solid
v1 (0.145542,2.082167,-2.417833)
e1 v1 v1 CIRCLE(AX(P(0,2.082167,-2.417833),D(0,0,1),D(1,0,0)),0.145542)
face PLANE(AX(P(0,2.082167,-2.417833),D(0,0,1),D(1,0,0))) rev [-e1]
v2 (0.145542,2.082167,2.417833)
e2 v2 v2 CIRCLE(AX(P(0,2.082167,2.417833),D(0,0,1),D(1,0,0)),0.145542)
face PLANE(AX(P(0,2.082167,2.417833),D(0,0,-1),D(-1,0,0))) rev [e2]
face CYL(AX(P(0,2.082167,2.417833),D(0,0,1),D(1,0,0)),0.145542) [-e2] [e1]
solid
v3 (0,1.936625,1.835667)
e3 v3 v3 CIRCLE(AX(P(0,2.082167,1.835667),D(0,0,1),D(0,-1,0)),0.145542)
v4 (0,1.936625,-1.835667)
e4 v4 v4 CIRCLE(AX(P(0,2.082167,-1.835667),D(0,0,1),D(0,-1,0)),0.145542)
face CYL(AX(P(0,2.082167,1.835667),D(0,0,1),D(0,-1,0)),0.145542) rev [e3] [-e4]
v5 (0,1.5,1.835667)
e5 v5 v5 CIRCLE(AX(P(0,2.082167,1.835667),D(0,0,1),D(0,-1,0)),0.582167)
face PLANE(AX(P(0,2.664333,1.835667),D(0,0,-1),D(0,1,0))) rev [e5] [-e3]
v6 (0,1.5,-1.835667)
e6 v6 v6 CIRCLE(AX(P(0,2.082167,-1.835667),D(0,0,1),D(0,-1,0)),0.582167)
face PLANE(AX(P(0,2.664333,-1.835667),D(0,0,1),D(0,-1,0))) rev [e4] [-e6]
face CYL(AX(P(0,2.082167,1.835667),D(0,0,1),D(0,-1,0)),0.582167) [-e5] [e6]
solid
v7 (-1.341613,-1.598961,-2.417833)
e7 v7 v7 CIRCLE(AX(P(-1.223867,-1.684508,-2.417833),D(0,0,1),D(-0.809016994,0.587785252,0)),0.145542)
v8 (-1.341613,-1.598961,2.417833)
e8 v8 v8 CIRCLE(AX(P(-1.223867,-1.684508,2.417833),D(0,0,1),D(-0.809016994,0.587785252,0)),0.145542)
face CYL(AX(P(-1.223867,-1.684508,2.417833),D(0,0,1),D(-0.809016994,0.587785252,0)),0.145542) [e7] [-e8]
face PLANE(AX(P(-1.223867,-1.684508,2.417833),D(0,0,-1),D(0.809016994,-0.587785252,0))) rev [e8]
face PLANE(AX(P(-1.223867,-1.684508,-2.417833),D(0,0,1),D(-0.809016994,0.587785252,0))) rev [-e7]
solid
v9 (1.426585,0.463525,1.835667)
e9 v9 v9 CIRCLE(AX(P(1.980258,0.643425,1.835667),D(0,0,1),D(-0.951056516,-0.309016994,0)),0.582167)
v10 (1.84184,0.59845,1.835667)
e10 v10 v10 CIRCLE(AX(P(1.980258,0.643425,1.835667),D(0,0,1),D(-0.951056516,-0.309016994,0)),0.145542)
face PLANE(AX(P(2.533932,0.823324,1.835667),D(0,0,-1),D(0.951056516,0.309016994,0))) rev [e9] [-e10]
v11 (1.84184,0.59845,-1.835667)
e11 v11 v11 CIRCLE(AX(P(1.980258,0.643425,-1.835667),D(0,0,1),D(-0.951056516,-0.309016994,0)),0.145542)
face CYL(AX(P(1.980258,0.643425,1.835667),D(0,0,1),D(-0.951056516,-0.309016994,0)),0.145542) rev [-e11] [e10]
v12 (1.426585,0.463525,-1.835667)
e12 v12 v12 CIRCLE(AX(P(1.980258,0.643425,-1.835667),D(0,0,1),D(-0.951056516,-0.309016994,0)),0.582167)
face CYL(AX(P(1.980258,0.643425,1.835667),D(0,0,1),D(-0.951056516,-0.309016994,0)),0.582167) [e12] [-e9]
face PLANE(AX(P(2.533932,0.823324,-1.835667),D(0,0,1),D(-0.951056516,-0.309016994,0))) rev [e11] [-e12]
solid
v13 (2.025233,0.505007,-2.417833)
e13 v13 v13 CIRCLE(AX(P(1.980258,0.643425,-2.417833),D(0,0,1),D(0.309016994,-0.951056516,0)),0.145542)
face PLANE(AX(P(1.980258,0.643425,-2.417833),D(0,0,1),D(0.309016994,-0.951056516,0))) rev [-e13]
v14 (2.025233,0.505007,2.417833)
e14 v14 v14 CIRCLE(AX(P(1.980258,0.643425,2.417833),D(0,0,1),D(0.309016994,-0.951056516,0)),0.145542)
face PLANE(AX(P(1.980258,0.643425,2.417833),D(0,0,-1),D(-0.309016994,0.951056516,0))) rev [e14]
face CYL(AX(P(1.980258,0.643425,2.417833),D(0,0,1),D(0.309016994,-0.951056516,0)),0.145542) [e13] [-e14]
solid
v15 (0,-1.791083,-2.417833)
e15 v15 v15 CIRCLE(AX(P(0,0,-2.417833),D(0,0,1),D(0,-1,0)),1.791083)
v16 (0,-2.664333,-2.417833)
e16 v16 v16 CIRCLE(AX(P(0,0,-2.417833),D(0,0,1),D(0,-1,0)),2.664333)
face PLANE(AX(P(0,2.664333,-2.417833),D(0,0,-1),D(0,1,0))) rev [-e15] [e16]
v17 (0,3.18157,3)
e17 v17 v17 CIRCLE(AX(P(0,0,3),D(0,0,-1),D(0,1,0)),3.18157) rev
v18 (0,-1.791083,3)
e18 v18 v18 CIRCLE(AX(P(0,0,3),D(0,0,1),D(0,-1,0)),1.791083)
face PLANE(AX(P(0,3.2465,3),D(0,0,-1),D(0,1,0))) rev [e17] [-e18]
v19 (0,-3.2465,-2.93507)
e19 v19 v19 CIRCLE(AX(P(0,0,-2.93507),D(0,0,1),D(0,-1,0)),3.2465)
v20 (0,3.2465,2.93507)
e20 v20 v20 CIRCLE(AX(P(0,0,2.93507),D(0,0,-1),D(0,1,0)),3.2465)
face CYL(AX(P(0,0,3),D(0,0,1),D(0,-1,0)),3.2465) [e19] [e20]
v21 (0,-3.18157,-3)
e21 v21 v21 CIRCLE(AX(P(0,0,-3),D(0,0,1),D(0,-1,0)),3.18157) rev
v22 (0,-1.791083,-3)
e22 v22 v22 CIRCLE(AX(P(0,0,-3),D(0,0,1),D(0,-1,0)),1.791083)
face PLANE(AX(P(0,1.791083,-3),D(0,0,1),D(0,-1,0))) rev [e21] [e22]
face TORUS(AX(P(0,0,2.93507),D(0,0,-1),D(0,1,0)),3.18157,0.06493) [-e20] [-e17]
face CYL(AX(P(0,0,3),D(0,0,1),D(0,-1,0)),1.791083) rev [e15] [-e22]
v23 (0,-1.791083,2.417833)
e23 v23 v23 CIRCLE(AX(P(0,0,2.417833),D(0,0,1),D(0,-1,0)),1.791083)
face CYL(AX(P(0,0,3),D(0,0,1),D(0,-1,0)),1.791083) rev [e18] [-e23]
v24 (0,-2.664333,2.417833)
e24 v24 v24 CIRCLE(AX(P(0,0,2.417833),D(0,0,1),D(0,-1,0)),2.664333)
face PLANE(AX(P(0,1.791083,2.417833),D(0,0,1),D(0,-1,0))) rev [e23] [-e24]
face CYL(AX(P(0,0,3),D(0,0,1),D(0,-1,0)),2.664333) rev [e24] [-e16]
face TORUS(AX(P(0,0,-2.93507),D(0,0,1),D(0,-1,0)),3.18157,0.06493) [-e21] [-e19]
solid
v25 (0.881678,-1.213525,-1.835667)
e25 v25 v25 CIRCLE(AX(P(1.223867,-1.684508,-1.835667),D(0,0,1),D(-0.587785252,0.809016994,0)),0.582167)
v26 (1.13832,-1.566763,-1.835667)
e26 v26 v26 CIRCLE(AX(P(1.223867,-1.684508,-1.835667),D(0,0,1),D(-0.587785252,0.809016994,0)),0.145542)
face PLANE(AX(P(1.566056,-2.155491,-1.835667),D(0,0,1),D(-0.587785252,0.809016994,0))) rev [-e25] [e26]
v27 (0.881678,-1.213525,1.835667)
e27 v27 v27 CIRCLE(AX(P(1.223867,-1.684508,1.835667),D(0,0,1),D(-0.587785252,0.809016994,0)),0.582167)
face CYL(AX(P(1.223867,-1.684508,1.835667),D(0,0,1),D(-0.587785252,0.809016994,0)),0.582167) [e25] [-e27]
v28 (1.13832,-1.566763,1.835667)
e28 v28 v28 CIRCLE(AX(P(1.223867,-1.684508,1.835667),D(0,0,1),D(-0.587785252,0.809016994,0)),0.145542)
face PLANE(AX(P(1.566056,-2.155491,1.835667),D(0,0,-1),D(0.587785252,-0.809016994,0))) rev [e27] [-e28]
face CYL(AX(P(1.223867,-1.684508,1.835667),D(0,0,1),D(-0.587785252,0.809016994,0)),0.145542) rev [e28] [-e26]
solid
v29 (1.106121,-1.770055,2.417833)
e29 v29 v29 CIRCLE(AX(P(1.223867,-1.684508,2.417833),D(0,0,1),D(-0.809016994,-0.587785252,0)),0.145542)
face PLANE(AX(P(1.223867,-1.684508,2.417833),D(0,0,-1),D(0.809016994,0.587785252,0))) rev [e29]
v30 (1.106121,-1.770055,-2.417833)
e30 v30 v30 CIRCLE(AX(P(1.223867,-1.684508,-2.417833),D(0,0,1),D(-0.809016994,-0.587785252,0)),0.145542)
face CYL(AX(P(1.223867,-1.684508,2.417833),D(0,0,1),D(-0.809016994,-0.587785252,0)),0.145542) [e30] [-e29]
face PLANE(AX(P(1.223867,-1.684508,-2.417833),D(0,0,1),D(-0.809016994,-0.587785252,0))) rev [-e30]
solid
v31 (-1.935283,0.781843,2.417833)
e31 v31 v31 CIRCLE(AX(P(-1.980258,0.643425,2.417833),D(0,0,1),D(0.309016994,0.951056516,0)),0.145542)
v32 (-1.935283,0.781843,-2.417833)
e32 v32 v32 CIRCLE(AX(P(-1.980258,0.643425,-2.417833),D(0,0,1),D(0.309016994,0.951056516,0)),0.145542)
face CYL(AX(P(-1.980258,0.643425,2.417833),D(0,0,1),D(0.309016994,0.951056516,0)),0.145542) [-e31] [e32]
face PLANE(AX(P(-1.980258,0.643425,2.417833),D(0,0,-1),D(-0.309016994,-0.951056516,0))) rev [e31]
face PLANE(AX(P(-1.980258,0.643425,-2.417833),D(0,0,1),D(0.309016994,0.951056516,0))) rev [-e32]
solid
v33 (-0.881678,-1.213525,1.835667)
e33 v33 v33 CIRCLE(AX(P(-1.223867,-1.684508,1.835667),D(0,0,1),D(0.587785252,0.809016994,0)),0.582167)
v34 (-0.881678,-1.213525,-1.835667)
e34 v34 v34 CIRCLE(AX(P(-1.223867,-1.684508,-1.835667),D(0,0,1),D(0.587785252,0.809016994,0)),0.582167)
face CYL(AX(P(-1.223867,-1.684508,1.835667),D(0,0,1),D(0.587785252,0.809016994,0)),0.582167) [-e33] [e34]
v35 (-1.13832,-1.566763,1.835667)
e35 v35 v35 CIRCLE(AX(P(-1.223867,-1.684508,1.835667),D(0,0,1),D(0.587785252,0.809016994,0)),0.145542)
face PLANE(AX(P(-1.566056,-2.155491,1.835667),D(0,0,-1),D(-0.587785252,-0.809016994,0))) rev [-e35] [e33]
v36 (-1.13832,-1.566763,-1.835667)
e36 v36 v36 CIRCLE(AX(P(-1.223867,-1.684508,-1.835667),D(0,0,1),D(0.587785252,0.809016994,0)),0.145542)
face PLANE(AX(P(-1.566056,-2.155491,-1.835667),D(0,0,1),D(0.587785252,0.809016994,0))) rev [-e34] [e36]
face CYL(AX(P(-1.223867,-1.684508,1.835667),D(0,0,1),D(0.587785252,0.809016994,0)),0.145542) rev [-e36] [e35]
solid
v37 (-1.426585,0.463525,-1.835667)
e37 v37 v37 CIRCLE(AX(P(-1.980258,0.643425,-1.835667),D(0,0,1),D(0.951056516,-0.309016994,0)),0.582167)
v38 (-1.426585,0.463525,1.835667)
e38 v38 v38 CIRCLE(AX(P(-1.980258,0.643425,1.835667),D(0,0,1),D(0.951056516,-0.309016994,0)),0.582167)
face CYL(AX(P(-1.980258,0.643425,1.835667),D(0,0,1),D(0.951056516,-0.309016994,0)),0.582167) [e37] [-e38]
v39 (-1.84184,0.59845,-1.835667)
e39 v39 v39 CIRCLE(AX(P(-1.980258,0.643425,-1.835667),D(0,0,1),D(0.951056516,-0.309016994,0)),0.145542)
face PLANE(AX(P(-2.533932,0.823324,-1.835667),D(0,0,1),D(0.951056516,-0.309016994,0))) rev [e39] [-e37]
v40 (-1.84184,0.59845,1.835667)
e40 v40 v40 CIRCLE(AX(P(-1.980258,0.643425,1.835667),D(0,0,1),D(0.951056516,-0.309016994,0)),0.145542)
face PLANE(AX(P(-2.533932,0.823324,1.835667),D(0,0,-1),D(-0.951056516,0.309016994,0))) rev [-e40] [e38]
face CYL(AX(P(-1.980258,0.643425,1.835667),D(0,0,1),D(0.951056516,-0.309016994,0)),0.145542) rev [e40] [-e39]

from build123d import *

# Parameters (mm, degrees)
SKETCH2_W         = 3.671333334
SKETCH2_H         = 0.436625
SKETCH3_W         = 4.835666666
SKETCH3_H         = 0.145541666
CIRPATTERN1_COUNT = 5
CIRPATTERN1_ANGLE = 288
FILLET1_R         = 0.06493


with BuildPart() as part:
    # Sketch1 → Revolve1 (revolve)
    with BuildSketch(Plane(origin=(0, 0, 0), x_dir=(0, 0, -1), z_dir=(1, 0, 0))):
        Polygon((-3, 3.2465), (3, 3.2465), (3, 1.791083333), (2.417833333, 1.791083333), (2.417833333, 2.664333333), (-2.417833333, 2.664333333), (-2.417833333, 1.791083333), (-3, 1.791083333), align=None)
    revolve(axis=Axis((0, 0, 3), (0, 0, -1)))

    # Fillet1
    fillet1_edges = [part.edges().sort_by_distance(p)[0] for p in [
        (0, -3.2465, -3),
        (0, -3.2465, 3),
    ]]
    fillet(fillet1_edges, radius=FILLET1_R)


with BuildPart() as body_2:
    # Sketch2 → Revolve2 (revolve)
    with BuildSketch(Plane(origin=(0, 0, 0), x_dir=(0, 0, -1), z_dir=(1, 0, 0))):
        with Locations((0, 2.446020833)):
            Rectangle(SKETCH2_W, SKETCH2_H)
    revolve(axis=Axis((0, 2.082166667, 1.835666667), (0, 0, -1)))


with BuildPart() as body_3:
    # Sketch3 → Revolve3 (revolve)
    with BuildSketch(Plane(origin=(0, 0, 0), x_dir=(0, 0, -1), z_dir=(1, 0, 0))):
        with Locations((0, 2.1549375)):
            Rectangle(SKETCH3_W, SKETCH3_H)
    revolve(axis=Axis((0, 2.082166667, 2.417833333), (0, 0, -1)))


with BuildPart() as cirpattern1_1:
    # CirPattern1: pattern copy
    add(body_3.part.rotate(Axis((0, 0, -3), (0, 0, 1)), 1 * CIRPATTERN1_ANGLE / (CIRPATTERN1_COUNT - 1)))


with BuildPart() as cirpattern1_2:
    # CirPattern1: pattern copy
    add(body_3.part.rotate(Axis((0, 0, -3), (0, 0, 1)), 2 * CIRPATTERN1_ANGLE / (CIRPATTERN1_COUNT - 1)))


with BuildPart() as cirpattern1_3:
    # CirPattern1: pattern copy
    add(body_3.part.rotate(Axis((0, 0, -3), (0, 0, 1)), 3 * CIRPATTERN1_ANGLE / (CIRPATTERN1_COUNT - 1)))


with BuildPart() as cirpattern1_4:
    # CirPattern1: pattern copy
    add(body_3.part.rotate(Axis((0, 0, -3), (0, 0, 1)), 4 * CIRPATTERN1_ANGLE / (CIRPATTERN1_COUNT - 1)))


with BuildPart() as cirpattern1_5:
    # CirPattern1: pattern copy
    add(body_2.part.rotate(Axis((0, 0, -3), (0, 0, 1)), 1 * CIRPATTERN1_ANGLE / (CIRPATTERN1_COUNT - 1)))


with BuildPart() as cirpattern1_6:
    # CirPattern1: pattern copy
    add(body_2.part.rotate(Axis((0, 0, -3), (0, 0, 1)), 2 * CIRPATTERN1_ANGLE / (CIRPATTERN1_COUNT - 1)))


with BuildPart() as cirpattern1_7:
    # CirPattern1: pattern copy
    add(body_2.part.rotate(Axis((0, 0, -3), (0, 0, 1)), 3 * CIRPATTERN1_ANGLE / (CIRPATTERN1_COUNT - 1)))


with BuildPart() as cirpattern1_8:
    # CirPattern1: pattern copy
    add(body_2.part.rotate(Axis((0, 0, -3), (0, 0, 1)), 4 * CIRPATTERN1_ANGLE / (CIRPATTERN1_COUNT - 1)))


solid = Compound([part.part, body_2.part, body_3.part, cirpattern1_1.part, cirpattern1_2.part, cirpattern1_3.part, cirpattern1_4.part, cirpattern1_5.part, cirpattern1_6.part, cirpattern1_7.part, cirpattern1_8.part])
